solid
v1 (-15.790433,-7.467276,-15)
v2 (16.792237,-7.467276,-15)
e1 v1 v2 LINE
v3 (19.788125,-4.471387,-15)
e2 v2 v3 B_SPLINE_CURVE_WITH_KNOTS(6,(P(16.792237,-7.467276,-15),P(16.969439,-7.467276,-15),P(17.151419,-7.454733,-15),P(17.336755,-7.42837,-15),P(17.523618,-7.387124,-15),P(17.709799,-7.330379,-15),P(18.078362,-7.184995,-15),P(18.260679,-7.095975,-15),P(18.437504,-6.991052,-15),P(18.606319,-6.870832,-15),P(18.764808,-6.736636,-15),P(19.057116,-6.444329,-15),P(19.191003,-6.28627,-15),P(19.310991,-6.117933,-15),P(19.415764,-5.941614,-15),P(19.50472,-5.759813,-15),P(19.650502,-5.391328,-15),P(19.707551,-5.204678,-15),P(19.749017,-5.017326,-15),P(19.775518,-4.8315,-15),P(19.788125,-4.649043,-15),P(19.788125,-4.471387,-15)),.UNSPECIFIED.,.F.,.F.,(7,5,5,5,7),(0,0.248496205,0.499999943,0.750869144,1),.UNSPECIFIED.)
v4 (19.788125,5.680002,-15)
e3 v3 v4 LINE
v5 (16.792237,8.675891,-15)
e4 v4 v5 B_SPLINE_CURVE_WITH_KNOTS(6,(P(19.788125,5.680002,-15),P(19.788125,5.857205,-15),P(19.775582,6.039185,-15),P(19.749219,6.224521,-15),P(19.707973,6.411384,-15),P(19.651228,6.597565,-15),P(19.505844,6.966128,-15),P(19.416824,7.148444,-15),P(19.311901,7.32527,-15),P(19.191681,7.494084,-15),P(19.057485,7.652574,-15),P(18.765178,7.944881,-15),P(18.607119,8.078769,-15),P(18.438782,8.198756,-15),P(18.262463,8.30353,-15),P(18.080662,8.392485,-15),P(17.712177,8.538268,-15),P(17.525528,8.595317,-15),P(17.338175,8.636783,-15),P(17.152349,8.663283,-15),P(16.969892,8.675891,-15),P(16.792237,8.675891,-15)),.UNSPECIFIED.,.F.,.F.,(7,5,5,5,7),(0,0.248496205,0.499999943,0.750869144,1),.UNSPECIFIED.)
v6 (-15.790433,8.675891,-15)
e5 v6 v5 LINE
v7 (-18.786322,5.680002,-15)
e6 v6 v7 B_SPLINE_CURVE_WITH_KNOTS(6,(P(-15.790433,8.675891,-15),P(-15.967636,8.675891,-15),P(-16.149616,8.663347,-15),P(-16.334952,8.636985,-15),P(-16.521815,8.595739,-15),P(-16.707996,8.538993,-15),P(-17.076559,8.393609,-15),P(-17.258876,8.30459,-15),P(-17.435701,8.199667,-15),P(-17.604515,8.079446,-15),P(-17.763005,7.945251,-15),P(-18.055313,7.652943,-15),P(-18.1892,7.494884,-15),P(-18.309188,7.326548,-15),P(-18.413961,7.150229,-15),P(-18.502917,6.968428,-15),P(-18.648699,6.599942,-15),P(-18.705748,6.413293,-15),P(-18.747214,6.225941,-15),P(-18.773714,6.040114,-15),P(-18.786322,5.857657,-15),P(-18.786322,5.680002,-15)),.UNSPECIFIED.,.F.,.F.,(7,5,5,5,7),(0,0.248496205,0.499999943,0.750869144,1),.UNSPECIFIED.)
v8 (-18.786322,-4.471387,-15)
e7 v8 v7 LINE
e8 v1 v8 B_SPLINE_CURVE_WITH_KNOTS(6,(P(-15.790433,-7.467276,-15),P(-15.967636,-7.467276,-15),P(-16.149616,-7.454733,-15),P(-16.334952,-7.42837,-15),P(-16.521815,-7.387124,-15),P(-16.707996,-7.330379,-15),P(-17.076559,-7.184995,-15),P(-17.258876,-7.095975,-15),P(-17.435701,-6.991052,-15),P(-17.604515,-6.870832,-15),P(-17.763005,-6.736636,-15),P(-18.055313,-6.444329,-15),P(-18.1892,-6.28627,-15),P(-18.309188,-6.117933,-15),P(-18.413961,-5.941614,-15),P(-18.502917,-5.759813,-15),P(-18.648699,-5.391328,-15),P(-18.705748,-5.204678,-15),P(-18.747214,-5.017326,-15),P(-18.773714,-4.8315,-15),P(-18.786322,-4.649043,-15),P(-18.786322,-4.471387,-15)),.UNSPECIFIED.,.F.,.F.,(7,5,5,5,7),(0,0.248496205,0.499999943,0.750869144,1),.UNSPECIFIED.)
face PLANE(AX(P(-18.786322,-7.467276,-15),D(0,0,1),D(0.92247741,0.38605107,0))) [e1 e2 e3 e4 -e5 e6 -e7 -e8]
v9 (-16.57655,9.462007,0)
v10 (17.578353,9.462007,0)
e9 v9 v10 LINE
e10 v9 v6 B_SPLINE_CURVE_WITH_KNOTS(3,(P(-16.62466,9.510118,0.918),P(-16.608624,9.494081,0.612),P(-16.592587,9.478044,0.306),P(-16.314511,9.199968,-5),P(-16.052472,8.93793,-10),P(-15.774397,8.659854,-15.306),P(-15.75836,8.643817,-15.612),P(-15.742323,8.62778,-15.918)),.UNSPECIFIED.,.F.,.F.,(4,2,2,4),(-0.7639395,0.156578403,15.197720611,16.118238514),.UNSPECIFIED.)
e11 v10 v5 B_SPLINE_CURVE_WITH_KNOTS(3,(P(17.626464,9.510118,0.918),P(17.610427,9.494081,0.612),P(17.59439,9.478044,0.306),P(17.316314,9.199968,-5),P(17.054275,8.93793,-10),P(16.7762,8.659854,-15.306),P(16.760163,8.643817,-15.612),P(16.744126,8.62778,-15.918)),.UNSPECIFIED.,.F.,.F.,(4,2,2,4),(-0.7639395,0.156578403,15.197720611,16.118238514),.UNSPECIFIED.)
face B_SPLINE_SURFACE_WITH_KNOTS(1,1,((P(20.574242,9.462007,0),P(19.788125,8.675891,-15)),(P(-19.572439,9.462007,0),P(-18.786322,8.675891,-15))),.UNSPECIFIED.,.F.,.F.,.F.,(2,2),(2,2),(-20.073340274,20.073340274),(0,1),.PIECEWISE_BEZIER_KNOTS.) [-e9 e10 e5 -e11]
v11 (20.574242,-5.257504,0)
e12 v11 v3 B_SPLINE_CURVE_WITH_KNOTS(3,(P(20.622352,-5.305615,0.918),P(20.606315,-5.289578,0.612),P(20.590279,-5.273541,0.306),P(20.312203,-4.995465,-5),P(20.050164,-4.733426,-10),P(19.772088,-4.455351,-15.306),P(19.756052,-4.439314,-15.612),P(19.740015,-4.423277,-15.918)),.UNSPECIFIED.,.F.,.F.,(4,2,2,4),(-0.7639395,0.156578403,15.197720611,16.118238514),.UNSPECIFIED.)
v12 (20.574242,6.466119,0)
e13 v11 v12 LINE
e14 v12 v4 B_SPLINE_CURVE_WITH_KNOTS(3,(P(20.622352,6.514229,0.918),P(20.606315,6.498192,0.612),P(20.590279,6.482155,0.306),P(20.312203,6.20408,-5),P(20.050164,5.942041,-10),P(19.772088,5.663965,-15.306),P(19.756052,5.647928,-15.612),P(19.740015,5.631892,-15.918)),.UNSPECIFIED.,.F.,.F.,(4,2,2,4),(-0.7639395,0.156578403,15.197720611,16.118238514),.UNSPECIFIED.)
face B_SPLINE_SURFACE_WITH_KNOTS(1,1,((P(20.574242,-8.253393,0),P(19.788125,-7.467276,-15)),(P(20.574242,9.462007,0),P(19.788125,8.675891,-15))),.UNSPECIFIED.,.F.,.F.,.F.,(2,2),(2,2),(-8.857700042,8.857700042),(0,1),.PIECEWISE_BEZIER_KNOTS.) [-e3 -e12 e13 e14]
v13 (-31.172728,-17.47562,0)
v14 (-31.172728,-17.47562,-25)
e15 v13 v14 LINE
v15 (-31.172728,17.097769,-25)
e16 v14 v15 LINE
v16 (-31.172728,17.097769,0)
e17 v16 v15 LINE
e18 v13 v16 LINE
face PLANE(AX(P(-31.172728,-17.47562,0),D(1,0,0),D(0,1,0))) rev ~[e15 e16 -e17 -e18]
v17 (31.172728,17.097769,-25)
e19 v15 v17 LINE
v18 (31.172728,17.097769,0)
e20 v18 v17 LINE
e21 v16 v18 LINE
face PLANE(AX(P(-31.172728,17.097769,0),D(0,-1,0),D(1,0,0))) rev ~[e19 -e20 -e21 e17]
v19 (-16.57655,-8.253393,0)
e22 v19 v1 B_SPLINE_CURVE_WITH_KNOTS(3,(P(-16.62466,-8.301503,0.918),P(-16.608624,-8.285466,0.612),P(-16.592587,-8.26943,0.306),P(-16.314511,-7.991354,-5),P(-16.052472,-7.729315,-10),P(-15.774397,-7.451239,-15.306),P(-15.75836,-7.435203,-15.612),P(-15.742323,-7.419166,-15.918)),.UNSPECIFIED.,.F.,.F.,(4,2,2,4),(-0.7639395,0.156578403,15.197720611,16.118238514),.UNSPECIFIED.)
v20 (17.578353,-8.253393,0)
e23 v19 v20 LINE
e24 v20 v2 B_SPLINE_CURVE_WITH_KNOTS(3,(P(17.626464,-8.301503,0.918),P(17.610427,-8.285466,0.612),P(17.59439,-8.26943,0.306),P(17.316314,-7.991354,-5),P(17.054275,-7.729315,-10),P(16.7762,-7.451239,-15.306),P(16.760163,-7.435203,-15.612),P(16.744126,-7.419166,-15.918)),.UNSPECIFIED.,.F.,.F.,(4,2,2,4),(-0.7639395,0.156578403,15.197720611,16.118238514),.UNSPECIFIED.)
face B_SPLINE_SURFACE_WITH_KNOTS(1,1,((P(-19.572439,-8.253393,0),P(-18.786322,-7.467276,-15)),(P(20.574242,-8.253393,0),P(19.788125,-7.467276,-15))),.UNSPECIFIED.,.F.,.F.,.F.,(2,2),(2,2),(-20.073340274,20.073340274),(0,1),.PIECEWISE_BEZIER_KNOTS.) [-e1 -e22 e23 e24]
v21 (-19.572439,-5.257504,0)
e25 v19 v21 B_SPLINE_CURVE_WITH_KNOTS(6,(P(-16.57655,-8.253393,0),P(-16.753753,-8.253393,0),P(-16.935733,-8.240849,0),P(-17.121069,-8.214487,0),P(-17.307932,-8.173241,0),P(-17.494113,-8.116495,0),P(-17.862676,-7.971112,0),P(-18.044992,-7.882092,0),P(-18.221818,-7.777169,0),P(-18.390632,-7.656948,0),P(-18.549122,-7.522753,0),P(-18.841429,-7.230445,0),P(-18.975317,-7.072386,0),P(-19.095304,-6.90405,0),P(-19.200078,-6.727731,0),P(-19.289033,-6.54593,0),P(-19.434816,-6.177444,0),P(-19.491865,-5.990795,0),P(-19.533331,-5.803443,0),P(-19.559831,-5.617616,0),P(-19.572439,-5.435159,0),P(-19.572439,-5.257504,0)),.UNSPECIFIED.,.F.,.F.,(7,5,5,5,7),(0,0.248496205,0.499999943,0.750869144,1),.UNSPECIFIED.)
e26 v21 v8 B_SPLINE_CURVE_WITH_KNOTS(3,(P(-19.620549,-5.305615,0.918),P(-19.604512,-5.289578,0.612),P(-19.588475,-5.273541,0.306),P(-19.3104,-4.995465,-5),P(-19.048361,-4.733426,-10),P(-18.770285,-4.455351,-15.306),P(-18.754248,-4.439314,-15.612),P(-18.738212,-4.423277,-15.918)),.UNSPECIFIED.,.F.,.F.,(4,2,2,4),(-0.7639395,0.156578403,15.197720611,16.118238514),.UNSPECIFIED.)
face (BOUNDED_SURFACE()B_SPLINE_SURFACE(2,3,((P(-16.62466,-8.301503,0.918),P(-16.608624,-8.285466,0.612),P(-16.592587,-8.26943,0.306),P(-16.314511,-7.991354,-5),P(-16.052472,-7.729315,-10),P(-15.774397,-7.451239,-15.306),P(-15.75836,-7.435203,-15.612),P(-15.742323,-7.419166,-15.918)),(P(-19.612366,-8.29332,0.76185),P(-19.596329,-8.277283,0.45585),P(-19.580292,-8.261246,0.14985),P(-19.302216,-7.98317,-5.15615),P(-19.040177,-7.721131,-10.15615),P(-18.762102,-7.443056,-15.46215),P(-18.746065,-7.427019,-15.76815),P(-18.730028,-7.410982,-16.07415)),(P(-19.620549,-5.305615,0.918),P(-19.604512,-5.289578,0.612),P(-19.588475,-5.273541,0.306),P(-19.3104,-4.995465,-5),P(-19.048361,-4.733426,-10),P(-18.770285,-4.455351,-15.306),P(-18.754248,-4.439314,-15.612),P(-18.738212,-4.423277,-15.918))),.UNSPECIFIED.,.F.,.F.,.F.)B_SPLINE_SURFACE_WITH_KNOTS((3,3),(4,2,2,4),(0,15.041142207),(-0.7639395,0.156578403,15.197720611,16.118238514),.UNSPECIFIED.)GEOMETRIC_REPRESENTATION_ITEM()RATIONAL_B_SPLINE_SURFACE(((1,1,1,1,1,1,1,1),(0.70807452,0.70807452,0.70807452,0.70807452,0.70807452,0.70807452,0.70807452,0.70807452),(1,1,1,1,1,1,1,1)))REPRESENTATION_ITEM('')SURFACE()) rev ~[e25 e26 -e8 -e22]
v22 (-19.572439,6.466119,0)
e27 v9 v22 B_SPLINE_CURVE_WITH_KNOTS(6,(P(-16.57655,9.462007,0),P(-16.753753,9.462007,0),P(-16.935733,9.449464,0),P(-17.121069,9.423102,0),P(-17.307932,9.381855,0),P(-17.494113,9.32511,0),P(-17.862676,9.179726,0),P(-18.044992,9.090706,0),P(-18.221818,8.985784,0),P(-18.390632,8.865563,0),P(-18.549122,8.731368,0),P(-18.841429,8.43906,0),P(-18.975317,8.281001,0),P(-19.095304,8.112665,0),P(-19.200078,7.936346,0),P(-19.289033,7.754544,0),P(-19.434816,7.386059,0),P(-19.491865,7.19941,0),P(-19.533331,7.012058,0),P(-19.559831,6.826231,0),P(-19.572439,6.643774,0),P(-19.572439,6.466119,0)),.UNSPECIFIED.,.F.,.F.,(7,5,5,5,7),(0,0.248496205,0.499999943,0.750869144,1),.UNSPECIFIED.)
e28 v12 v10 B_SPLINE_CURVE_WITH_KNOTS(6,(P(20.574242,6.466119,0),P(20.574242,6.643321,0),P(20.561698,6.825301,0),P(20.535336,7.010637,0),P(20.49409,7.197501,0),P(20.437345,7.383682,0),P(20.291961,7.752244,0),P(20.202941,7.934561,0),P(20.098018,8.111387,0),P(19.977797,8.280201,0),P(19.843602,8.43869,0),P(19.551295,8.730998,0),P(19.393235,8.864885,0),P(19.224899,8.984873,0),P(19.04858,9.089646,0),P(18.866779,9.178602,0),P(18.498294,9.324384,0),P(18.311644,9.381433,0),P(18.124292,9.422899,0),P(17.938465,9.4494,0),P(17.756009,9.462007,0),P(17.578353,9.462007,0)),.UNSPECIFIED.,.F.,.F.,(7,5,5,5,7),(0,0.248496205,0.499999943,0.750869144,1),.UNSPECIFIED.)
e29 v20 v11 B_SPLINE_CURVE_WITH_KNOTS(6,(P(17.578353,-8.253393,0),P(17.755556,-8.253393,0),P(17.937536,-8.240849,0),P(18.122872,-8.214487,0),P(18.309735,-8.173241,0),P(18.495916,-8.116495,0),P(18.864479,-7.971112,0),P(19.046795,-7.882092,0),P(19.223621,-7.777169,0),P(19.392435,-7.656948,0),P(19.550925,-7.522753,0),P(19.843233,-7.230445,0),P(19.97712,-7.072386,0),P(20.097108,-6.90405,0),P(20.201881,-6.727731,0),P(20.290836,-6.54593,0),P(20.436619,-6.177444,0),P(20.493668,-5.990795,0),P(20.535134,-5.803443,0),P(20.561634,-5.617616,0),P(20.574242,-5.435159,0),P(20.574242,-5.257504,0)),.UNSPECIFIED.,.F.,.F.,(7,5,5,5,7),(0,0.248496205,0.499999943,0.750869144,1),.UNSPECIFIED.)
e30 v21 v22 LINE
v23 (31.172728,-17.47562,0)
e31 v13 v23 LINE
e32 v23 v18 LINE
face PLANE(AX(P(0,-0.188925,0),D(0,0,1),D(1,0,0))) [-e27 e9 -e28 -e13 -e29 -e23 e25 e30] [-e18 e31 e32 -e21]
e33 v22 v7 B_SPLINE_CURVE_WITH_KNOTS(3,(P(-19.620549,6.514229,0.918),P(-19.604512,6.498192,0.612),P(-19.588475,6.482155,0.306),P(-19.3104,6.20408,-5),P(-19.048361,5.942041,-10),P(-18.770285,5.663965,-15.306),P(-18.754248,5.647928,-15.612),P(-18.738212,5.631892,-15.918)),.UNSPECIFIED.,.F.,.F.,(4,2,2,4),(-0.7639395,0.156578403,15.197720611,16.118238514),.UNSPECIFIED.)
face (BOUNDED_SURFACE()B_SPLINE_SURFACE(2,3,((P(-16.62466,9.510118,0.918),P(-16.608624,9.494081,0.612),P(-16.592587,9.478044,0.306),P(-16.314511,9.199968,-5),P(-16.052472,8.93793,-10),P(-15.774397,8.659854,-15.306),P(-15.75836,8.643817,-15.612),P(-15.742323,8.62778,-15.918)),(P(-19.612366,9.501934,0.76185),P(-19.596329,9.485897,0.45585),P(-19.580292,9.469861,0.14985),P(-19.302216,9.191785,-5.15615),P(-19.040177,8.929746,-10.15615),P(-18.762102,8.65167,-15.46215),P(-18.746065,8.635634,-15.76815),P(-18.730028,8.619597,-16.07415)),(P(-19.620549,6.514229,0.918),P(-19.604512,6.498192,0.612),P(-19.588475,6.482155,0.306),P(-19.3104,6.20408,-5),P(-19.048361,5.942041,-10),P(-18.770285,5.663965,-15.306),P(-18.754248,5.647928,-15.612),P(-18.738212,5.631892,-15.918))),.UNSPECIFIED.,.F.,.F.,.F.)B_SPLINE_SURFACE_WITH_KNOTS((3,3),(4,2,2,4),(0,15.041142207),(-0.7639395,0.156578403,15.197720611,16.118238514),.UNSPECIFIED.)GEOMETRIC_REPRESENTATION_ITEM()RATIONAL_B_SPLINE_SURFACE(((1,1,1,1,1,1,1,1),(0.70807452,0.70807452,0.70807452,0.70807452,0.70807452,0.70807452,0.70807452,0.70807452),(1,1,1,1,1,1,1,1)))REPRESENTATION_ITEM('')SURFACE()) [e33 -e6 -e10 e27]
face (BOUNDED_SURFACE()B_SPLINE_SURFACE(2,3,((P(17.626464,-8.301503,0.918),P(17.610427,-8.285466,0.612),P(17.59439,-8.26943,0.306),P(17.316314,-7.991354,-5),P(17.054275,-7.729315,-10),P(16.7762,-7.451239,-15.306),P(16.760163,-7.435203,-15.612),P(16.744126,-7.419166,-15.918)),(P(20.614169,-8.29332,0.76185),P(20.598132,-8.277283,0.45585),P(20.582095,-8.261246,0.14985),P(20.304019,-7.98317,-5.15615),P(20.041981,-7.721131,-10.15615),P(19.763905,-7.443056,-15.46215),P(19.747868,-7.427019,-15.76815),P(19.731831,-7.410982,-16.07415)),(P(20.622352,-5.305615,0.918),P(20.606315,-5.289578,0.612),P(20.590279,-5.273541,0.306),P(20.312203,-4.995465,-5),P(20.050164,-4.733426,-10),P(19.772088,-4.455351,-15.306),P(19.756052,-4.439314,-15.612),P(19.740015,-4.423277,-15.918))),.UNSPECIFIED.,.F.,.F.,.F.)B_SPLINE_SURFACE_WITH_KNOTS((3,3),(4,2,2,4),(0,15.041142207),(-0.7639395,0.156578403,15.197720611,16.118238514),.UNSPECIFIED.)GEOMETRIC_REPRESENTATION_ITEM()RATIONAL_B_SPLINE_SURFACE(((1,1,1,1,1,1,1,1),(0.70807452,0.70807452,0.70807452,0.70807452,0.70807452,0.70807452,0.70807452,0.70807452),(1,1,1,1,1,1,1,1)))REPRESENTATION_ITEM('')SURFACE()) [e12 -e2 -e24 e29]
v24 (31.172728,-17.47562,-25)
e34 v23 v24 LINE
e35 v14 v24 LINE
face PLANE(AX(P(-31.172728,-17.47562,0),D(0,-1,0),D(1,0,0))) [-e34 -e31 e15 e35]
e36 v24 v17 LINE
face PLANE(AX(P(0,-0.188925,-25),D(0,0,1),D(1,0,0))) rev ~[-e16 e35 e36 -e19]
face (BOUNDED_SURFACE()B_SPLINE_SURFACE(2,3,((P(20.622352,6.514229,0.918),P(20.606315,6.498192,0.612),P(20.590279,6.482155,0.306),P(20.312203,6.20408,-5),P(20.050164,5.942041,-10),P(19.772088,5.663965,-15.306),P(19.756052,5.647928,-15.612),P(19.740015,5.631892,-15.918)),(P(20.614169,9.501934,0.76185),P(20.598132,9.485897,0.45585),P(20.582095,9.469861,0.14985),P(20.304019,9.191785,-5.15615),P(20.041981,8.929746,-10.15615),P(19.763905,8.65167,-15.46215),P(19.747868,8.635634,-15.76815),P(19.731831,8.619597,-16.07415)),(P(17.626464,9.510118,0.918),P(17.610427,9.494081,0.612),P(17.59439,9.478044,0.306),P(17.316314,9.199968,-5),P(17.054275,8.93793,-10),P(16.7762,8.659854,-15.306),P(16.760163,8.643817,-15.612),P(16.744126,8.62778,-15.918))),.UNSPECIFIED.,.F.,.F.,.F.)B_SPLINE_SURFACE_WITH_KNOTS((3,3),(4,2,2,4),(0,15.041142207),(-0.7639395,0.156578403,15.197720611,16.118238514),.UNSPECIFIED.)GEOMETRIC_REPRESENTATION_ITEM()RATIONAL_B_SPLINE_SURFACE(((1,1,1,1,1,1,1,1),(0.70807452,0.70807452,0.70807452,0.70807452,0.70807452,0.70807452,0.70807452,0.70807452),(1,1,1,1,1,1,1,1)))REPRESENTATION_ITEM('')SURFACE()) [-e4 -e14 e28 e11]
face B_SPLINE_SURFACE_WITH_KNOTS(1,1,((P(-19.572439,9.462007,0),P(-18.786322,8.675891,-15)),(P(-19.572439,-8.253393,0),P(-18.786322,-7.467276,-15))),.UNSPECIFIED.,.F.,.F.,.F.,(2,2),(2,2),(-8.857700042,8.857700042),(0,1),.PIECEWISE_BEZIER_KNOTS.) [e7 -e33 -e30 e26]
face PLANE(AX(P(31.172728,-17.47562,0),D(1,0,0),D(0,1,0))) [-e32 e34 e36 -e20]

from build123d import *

# Parameters (mm, degrees)
F0_W     = 62.345456332
F0_H     = 34.5733892173
F1_DEPTH = 25
F2_W     = 40.1466805488
F2_H     = 17.7154000849
F3_DEPTH = 15
F3_TAPER = 3
F4_R     = 3


with BuildPart() as f1:
    # F0 (on Top) → F1 (new body)
    with BuildSketch(Plane.XY):
        with Locations((0, -0.1889253035)):
            Rectangle(F0_W, F0_H)
    extrude(amount=-F1_DEPTH)

    # F2 (on face) → F3 (cut)
    with BuildSketch(Plane.XY):
        with Locations((0.5009016022, 0.604307279)):
            Rectangle(F2_W, F2_H)
    extrude(amount=-F3_DEPTH, taper=F3_TAPER, mode=Mode.SUBTRACT)

    # F4
    f4_edges = [f1.edges().sort_by_distance(p)[0] for p in [
        (-19.17938, 9.068949, -7.5),
        (-19.17938, -7.860334, -7.5),
        (20.181184, 9.068949, -7.5),
        (20.181184, -7.860334, -7.5),
    ]]
    fillet(f4_edges, radius=F4_R)


solid = f1.part
